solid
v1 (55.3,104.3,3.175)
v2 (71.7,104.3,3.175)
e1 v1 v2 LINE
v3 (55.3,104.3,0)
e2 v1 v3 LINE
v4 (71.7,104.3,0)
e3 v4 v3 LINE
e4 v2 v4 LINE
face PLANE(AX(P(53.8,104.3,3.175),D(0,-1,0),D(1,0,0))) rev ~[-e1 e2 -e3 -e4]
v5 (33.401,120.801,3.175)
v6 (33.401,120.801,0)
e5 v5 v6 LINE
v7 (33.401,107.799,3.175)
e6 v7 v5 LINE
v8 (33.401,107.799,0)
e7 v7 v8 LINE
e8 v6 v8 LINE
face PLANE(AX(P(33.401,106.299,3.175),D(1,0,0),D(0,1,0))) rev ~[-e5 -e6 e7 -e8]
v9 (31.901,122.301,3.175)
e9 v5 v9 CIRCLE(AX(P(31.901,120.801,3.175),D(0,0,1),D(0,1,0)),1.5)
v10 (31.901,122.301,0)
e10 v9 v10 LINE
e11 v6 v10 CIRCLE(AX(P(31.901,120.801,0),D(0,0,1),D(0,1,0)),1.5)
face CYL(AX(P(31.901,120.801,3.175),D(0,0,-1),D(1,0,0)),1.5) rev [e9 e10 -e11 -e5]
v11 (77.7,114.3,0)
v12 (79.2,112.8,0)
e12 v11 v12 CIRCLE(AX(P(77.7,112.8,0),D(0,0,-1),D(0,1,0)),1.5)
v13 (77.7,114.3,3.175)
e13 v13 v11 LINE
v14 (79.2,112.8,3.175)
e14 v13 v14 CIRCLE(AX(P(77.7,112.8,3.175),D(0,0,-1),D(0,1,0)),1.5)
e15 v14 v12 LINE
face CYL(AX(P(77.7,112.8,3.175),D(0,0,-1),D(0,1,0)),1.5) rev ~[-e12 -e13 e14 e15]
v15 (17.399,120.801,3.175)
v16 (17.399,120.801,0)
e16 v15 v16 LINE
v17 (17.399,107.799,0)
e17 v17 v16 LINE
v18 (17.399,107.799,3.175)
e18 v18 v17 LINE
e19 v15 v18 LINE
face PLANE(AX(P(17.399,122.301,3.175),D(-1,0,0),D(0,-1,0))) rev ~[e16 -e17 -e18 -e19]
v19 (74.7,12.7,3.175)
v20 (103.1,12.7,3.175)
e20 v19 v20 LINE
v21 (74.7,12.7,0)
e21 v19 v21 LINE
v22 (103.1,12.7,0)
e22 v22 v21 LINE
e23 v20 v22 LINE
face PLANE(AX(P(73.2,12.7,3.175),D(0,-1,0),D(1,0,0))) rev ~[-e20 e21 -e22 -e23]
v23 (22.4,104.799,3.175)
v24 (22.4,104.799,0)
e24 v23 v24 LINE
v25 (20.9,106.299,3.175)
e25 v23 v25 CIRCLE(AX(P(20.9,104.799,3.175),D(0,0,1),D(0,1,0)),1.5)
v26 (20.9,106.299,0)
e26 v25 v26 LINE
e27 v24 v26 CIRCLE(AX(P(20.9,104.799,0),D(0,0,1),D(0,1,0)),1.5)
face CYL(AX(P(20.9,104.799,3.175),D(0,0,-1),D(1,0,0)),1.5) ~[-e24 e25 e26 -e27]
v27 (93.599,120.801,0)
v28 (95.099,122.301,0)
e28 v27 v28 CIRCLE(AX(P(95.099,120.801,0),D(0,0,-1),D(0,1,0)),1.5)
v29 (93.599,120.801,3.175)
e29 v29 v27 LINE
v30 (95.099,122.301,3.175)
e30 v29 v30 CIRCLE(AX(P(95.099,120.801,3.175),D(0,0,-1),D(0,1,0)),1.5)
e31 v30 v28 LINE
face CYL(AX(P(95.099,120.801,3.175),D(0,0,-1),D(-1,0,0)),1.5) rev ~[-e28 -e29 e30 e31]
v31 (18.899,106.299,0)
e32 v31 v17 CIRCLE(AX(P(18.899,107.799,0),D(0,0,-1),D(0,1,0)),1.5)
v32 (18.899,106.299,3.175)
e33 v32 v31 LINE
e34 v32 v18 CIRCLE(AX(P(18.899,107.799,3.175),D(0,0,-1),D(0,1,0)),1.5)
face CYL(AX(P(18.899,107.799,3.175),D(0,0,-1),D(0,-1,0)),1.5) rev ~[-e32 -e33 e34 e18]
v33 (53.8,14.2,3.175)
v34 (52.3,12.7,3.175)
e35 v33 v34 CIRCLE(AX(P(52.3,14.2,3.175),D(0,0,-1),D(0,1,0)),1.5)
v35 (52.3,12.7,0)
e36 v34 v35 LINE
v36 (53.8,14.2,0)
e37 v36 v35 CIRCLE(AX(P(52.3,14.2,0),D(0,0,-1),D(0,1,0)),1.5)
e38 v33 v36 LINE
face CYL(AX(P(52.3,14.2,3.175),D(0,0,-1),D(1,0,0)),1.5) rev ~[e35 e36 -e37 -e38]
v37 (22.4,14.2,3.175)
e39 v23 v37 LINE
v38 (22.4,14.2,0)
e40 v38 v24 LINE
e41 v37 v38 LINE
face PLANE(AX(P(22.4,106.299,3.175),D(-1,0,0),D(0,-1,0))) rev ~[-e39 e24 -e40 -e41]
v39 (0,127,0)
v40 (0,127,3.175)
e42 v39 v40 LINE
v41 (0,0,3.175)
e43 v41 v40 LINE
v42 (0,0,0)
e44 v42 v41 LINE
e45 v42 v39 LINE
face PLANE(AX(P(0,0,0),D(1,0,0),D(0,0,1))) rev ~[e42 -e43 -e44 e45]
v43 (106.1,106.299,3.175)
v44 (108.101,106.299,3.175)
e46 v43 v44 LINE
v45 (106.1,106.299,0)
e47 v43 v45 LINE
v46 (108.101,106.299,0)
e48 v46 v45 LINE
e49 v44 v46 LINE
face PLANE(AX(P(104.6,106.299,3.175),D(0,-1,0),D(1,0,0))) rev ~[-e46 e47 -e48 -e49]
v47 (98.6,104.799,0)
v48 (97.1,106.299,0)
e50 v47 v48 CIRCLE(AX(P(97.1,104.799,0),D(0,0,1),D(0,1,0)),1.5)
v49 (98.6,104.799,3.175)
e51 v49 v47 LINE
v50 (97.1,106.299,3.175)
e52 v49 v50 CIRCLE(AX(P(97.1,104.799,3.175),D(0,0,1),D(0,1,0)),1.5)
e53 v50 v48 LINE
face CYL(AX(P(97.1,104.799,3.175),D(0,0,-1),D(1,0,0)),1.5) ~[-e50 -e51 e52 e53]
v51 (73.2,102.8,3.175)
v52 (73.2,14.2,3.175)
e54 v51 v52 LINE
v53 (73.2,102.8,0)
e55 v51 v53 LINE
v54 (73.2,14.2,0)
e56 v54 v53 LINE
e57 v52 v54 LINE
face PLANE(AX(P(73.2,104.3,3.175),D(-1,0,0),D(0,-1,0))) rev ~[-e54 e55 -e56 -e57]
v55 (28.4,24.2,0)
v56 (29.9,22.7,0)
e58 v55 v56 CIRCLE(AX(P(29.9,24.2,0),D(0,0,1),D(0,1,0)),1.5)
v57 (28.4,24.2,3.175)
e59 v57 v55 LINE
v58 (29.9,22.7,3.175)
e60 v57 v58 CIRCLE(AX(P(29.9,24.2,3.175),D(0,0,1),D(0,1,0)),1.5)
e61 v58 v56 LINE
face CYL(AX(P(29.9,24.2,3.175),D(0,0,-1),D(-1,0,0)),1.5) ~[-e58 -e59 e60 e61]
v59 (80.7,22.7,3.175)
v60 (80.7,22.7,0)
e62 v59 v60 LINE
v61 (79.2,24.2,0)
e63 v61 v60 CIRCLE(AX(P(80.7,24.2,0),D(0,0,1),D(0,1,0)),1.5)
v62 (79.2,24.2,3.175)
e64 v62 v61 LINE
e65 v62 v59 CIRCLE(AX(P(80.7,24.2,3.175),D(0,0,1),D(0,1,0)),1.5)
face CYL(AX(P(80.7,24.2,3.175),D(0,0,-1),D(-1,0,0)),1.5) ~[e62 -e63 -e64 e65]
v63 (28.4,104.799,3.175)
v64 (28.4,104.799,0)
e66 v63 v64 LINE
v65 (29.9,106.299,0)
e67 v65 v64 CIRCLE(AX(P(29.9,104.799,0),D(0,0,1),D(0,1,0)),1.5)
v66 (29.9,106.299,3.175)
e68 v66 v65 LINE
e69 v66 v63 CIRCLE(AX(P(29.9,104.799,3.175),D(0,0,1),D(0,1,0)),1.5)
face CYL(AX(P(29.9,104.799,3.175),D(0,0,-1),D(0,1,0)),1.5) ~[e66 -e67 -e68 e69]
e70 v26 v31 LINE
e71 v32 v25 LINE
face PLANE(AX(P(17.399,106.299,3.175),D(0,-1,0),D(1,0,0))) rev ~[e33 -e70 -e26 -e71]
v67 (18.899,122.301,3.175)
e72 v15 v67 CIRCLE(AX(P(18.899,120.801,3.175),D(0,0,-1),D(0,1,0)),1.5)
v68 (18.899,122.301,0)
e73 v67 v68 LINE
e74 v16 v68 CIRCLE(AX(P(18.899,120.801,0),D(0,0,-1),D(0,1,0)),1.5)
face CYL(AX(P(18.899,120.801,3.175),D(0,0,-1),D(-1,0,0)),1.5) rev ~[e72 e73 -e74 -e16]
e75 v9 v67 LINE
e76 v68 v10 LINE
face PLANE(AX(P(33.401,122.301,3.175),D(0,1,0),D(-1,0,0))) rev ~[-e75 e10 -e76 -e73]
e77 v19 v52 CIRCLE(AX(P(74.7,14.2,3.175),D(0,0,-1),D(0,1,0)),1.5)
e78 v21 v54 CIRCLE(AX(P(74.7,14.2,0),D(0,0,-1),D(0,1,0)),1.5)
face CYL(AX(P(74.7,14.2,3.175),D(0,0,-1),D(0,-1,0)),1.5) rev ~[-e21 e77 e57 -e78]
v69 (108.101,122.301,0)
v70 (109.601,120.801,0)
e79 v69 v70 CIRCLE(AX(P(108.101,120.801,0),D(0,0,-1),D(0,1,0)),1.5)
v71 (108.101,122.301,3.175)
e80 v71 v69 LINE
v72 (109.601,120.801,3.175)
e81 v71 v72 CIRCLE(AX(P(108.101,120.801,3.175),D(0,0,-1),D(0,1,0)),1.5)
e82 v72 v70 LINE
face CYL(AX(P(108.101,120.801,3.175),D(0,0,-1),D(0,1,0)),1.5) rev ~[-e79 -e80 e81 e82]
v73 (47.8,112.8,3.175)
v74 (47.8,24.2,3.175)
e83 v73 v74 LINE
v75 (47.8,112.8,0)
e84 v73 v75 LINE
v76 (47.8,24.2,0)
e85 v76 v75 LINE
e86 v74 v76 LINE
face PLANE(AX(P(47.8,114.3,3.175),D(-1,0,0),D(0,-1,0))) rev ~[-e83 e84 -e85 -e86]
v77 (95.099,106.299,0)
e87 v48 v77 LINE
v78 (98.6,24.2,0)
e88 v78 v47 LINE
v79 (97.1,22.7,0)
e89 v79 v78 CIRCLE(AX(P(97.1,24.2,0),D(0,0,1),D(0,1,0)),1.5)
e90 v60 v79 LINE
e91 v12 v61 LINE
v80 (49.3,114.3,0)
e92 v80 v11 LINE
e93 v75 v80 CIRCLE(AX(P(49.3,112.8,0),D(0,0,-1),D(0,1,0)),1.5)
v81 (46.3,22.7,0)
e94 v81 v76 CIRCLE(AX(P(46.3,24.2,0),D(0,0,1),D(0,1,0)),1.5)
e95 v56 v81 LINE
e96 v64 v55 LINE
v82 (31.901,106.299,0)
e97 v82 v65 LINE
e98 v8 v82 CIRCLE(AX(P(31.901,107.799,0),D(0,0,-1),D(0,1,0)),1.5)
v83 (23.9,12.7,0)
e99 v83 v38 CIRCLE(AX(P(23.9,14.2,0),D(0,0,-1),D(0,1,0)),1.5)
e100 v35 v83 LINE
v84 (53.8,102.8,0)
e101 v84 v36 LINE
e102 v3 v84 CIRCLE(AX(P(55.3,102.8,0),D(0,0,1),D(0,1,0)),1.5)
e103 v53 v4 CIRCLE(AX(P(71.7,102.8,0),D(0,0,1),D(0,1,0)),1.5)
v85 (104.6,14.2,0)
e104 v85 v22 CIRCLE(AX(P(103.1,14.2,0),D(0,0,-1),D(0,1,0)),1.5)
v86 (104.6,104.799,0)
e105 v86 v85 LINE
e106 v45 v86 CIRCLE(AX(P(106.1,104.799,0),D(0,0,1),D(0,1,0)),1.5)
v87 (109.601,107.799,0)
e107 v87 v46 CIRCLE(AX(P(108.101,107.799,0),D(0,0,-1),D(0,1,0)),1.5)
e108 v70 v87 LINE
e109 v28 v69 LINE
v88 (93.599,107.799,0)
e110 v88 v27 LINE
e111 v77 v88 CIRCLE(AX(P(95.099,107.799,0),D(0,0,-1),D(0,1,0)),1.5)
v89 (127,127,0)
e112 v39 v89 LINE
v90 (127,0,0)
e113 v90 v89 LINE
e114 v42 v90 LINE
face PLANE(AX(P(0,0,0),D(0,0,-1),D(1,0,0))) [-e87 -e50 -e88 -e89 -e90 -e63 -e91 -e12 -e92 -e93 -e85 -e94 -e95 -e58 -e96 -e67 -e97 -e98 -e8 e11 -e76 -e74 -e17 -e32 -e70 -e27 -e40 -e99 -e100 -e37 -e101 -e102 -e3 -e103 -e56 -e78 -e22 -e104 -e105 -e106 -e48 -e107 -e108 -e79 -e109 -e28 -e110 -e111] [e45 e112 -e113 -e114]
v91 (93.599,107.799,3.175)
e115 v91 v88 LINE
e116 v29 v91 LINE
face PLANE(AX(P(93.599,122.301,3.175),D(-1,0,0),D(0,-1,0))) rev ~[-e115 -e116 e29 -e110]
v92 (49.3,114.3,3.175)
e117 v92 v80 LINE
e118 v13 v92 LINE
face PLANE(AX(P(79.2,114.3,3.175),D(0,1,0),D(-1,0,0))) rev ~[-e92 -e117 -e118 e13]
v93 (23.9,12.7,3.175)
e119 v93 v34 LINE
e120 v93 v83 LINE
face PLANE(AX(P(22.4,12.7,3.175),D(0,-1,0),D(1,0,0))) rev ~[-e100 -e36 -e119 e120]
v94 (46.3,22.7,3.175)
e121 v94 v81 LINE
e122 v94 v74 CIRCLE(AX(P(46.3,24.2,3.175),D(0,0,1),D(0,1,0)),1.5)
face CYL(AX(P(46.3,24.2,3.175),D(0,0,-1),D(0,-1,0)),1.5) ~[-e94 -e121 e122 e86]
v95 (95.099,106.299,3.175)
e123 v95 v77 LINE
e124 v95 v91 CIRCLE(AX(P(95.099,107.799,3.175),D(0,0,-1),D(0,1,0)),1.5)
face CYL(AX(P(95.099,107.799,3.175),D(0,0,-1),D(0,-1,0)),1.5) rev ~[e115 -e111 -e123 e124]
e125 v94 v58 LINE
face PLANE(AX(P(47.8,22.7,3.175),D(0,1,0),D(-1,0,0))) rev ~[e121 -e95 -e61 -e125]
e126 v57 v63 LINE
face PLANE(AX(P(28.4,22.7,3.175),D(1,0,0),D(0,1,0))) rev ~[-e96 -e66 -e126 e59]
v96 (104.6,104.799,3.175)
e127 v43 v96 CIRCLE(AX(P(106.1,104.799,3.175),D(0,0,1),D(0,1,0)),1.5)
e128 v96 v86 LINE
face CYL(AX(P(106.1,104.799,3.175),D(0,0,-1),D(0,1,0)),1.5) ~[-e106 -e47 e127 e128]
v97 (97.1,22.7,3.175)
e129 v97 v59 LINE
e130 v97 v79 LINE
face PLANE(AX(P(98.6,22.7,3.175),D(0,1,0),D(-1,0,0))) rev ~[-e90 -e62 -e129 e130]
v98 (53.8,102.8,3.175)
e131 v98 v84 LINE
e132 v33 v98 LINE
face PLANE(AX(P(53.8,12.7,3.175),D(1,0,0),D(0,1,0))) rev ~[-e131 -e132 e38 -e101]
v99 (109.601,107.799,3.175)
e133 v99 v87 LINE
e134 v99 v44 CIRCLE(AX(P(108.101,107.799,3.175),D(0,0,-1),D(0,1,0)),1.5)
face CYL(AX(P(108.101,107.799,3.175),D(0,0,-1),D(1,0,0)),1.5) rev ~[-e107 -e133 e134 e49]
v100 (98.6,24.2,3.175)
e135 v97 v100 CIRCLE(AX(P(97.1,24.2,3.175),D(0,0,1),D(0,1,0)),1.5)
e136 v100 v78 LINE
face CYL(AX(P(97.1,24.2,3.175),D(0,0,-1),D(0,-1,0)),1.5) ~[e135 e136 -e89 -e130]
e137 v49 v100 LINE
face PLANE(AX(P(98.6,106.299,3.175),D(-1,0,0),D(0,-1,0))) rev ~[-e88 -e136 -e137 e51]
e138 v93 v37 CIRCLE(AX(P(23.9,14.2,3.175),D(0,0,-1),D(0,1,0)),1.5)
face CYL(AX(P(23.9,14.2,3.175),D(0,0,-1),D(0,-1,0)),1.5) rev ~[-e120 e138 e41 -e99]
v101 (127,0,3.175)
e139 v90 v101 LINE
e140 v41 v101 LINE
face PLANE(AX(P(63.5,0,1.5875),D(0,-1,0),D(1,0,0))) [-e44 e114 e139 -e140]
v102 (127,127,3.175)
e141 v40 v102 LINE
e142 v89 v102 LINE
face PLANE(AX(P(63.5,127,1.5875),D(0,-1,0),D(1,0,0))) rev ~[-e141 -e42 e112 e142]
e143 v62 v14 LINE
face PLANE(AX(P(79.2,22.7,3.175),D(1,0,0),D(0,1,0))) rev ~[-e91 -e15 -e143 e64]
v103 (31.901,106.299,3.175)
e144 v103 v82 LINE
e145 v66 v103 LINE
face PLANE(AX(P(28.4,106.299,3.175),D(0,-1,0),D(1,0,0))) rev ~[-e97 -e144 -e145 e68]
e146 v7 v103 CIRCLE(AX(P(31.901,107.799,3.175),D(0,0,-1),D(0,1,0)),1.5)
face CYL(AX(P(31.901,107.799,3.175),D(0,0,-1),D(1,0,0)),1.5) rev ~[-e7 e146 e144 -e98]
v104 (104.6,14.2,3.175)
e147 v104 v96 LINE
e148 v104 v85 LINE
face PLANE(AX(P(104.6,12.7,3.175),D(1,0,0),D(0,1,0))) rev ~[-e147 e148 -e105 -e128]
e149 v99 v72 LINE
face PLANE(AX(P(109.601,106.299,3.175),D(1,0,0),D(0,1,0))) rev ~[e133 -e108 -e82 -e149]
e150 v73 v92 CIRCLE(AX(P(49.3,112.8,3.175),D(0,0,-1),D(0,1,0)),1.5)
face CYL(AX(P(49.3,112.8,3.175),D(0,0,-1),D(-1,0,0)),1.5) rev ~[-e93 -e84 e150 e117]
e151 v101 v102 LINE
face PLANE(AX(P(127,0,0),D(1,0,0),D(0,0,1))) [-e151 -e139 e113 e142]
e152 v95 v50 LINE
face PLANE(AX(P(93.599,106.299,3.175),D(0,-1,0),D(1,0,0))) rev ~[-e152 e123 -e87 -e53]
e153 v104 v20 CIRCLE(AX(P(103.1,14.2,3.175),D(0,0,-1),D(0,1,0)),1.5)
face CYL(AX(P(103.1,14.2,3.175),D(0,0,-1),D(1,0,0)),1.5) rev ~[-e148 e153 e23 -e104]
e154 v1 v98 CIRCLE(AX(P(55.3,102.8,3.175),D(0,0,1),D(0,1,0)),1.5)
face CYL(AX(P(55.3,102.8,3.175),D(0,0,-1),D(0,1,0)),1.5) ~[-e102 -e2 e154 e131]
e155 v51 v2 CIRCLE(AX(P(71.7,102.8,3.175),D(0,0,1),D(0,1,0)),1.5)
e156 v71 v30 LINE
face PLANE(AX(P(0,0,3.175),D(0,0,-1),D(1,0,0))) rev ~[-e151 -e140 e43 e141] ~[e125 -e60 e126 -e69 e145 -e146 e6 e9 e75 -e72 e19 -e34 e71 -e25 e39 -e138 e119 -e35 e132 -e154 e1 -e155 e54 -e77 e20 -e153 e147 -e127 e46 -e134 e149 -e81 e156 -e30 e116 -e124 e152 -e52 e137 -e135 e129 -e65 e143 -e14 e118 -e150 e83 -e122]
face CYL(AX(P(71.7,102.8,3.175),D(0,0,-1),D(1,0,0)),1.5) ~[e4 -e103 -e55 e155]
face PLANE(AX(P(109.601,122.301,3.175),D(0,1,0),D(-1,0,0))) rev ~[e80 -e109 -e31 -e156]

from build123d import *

# Parameters (mm, degrees)
F0_W     = 127
F0_H     = 3.175
F1_DEPTH = 127
F3_DEPTH = 25
F4_R     = 1.5


with BuildPart() as f1:
    # F0 (on Front) → F1 (new body)
    with BuildSketch(Plane.XZ):
        with Locations((63.5, 1.5875)):
            Rectangle(F0_W, F0_H)
    extrude(amount=-F1_DEPTH)

    # F2 (on face) → F3 (cut)
    with BuildSketch(Plane.XY.offset(3.175)):
        Polygon((33.401, 106.299), (33.401, 122.301), (17.399, 122.301), (17.399, 106.299), (22.4, 106.299), (22.4, 12.7), (28.4, 12.7), (47.8, 12.7), (53.8, 12.7), (53.8, 104.3), (73.2, 104.3), (73.2, 12.7), (79.2, 12.7), (98.6, 12.7), (104.6, 12.7), (104.6, 106.299), (109.601, 106.299), (109.601, 122.301), (93.599, 122.301), (93.599, 106.299), (98.6, 106.299), (98.6, 22.7), (79.2, 22.7), (79.2, 114.3), (73.2, 114.3), (53.8, 114.3), (47.8, 114.3), (47.8, 22.7), (28.4, 22.7), (28.4, 106.299), align=None)
    extrude(amount=-F3_DEPTH, mode=Mode.SUBTRACT)

    # F4
    f4_edges = [f1.edges().sort_by_distance(p)[0] for p in [
        (17.399, 122.301, 1.5875),
        (33.401, 122.301, 1.5875),
        (17.399, 106.299, 1.5875),
        (22.4, 106.299, 1.5875),
        (28.4, 106.299, 1.5875),
        (33.401, 106.299, 1.5875),
        (53.8, 104.3, 1.5875),
        (73.2, 104.3, 1.5875),
        (98.6, 106.299, 1.5875),
        (104.6, 106.299, 1.5875),
        (104.6, 12.7, 1.5875),
        (79.2, 22.7, 1.5875),
        (28.4, 22.7, 1.5875),
        (53.8, 12.7, 1.5875),
        (47.8, 22.7, 1.5875),
        (98.6, 22.7, 1.5875),
        (73.2, 12.7, 1.5875),
        (22.4, 12.7, 1.5875),
        (109.601, 122.301, 1.5875),
        (79.2, 114.3, 1.5875),
        (47.8, 114.3, 1.5875),
        (93.599, 122.301, 1.5875),
        (109.601, 106.299, 1.5875),
        (93.599, 106.299, 1.5875),
    ]]
    fillet(f4_edges, radius=F4_R)


solid = f1.part
